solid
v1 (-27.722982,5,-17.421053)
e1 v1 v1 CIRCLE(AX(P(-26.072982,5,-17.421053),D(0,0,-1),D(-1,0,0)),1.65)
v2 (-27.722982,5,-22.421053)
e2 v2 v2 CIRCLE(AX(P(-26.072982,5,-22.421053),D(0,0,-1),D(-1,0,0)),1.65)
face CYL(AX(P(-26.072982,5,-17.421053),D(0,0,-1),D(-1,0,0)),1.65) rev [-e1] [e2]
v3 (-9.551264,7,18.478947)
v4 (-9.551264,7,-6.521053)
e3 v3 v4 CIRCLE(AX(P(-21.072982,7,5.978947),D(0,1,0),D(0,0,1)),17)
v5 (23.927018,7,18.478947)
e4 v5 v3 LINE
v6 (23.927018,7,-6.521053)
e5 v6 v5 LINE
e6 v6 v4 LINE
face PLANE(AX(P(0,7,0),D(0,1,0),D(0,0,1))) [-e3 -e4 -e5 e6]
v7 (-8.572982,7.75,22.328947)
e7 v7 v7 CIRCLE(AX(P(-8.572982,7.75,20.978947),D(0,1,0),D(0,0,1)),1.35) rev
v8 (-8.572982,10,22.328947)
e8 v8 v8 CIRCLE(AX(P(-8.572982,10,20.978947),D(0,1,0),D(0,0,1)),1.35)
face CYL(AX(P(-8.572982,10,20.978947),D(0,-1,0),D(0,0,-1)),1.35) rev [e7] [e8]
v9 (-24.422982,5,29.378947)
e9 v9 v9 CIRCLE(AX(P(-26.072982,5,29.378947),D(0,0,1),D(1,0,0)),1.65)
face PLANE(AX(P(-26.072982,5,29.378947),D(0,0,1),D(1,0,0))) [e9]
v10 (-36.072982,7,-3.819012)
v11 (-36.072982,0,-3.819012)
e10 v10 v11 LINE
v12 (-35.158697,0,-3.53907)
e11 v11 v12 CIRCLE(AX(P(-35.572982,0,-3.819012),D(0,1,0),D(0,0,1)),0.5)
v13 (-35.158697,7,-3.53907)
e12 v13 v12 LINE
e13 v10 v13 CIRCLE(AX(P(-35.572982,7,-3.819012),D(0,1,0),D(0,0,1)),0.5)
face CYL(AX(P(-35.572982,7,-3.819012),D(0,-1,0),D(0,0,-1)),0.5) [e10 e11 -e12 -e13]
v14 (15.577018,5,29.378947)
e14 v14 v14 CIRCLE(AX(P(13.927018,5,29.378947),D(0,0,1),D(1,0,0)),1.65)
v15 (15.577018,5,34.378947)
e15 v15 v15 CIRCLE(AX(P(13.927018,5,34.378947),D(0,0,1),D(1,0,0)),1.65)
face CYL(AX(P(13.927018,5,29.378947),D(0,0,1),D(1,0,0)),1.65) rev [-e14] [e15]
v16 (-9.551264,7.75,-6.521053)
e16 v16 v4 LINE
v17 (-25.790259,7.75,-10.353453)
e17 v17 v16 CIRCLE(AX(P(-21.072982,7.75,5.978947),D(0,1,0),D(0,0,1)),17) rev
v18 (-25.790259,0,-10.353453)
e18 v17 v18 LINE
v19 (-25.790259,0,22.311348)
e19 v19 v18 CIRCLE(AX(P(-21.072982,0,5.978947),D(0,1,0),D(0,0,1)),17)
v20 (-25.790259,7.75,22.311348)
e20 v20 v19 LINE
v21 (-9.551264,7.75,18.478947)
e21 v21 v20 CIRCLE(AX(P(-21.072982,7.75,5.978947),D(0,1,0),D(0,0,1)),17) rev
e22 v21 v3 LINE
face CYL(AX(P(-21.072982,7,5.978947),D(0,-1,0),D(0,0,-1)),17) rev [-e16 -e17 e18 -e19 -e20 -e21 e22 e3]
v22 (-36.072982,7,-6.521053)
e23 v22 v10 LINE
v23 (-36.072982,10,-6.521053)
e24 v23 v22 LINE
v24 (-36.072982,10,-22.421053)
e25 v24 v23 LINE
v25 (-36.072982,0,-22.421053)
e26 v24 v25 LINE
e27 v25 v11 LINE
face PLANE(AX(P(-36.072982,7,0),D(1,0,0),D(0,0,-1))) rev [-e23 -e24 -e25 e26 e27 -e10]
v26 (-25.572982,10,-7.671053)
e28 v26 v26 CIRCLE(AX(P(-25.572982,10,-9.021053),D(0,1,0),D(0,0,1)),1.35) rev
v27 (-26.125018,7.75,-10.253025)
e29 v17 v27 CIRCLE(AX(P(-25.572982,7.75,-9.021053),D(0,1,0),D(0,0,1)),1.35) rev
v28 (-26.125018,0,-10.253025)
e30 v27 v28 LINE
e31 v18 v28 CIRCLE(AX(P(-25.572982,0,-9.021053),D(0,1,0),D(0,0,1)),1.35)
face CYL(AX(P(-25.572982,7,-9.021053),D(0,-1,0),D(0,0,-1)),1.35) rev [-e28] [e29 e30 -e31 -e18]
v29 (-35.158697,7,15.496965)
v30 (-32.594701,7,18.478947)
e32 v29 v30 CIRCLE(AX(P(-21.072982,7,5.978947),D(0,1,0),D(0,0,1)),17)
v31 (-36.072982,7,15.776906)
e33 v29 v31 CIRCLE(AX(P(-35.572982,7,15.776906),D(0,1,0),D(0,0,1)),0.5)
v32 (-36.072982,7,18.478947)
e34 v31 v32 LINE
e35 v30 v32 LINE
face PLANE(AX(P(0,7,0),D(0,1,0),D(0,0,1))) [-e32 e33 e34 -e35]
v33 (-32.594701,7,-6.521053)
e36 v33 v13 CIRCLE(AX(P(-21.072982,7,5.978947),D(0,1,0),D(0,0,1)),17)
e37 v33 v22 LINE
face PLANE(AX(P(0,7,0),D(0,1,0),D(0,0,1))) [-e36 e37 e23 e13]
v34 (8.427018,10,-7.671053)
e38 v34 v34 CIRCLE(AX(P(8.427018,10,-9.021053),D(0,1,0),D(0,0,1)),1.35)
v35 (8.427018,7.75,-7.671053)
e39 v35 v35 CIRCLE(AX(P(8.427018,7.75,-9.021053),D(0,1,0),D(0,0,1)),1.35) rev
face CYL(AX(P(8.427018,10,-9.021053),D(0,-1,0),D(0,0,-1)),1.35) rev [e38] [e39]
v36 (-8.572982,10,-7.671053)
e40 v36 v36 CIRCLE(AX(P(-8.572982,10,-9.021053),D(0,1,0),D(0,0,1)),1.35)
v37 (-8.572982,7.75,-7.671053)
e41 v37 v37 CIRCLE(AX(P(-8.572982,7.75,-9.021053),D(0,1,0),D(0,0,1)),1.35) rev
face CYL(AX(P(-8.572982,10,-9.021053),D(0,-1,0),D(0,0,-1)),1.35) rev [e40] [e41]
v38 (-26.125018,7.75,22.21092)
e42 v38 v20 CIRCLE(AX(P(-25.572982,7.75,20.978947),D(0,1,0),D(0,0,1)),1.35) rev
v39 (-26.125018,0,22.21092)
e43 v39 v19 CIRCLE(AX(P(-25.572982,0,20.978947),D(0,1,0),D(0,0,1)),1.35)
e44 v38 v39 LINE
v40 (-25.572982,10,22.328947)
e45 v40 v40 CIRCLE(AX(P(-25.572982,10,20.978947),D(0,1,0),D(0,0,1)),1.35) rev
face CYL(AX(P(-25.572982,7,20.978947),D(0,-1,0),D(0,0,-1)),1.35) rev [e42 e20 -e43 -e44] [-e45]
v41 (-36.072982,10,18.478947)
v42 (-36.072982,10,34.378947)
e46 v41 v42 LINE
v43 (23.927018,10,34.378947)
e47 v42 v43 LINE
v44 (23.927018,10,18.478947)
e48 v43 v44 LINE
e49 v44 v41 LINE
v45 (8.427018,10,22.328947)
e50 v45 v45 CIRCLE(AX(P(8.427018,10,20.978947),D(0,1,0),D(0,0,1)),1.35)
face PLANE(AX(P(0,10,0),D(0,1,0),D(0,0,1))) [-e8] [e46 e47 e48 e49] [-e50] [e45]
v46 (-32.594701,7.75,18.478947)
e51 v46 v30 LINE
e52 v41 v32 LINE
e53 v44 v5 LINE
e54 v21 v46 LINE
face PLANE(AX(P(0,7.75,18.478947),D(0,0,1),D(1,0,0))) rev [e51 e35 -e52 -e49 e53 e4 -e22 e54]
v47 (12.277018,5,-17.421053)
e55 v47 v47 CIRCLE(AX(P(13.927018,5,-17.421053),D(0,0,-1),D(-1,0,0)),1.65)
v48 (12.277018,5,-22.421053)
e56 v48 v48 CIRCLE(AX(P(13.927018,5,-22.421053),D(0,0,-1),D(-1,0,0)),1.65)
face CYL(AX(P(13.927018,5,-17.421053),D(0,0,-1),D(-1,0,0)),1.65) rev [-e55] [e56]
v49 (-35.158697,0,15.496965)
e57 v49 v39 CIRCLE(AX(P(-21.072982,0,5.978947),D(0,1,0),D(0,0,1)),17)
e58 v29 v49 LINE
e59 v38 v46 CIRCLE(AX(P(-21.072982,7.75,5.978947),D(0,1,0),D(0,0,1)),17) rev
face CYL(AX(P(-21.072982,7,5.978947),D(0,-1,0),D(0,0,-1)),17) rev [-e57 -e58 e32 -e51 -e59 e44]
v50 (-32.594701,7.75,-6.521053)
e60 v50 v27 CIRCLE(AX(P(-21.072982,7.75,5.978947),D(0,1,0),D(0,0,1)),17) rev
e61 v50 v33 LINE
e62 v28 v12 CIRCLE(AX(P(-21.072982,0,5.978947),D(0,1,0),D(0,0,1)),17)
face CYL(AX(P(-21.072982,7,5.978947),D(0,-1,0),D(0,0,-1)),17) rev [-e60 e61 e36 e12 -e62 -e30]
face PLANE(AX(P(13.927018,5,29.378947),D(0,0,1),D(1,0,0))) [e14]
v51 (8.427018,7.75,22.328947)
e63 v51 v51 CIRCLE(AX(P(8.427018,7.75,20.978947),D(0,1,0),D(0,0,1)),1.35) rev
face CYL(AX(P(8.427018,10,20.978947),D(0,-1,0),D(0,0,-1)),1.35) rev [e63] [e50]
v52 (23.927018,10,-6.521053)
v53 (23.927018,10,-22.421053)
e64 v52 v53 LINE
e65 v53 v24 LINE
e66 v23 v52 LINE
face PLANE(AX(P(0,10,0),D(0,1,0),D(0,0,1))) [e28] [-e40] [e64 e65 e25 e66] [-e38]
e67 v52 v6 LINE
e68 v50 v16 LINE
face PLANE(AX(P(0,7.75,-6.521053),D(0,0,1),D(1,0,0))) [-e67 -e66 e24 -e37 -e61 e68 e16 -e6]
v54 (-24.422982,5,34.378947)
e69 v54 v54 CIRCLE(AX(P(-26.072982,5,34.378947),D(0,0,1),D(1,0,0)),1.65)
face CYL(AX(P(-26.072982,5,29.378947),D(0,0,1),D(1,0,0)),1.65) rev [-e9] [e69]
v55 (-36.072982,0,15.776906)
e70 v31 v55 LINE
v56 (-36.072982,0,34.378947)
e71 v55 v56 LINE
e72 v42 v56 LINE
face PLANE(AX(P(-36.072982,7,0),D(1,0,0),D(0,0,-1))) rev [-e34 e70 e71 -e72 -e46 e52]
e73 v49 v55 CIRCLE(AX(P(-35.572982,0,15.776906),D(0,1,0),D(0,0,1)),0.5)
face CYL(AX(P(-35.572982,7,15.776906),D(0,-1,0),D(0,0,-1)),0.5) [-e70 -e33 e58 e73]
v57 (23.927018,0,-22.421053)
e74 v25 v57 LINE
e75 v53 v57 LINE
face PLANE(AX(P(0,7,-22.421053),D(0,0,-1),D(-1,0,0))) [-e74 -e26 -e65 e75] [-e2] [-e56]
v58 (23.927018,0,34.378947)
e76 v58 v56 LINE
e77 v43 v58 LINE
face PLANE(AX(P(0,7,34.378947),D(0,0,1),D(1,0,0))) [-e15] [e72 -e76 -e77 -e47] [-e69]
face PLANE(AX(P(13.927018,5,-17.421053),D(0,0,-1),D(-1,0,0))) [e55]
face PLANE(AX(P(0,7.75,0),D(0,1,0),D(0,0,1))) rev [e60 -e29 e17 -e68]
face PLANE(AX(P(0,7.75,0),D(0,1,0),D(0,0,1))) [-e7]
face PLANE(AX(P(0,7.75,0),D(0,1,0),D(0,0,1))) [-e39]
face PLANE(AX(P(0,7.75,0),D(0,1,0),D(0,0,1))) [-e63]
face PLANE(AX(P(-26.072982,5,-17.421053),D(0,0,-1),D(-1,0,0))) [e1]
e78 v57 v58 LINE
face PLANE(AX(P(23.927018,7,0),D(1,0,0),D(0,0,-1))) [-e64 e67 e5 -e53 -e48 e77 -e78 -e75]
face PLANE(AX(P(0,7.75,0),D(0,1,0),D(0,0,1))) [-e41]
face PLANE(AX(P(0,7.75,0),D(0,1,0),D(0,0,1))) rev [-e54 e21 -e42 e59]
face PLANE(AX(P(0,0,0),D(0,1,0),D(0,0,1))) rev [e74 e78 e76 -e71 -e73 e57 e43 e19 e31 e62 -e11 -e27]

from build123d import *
from build123d.topology import SkipClean

# Parameters (mm, degrees)
EXTRUDE_3_DEPTH     = 7
EXTRUDE_4_DEPTH     = 0.75
EXTRUDE_5_DEPTH     = 0.75
SKETCH_6_W          = 60
SKETCH_6_H          = 15.9
SKETCH_6_R          = 1.35
EXTRUDE_6_DEPTH     = 2.25
SKETCH_7_W          = 60
SKETCH_7_H          = 15.9
SKETCH_7_R          = 1.35
EXTRUDE_7_DEPTH     = 2.25
SKETCH_8_R          = 1.65
CUT_EXTRUDE_1_DEPTH = 5
CUT_EXTRUDE_START   = -5
SKETCH_9_R          = 1.65
CUT_EXTRUDE_2_DEPTH = 5


with BuildPart() as part:
    # 草图1 → 凸台-拉伸3 (new body)
    with BuildSketch(Plane(origin=(0, 0, 0), x_dir=(1, 0, 0), z_dir=(0, 1, 0))):
        with BuildLine():
            Line((-36.072982456, 22.421052632), (-36.072982456, 3.819011603))
            ThreePointArc((-36.072982456, 3.819011603), (-35.719367467, 3.340920159), (-35.158696742, 3.539069918))
            ThreePointArc((-35.158696742, 3.539069918), (-31.213626847, 7.665367614), (-26.125018269, 10.253025221))
            ThreePointArc((-26.125018269, 10.253025221), (-25.960902102, 10.314118117), (-25.79025857, 10.353453131))
            ThreePointArc((-25.79025857, 10.353453131), (-19.301572904, 10.928509809), (-13.072982456, 9.021052632))
            ThreePointArc((-13.072982456, 9.021052632), (-5.321033393, -12.372389376), (-25.79025857, -22.311347868))
            ThreePointArc((-25.79025857, -22.311347868), (-25.960902102, -22.272012853), (-26.125018269, -22.210919958))
            ThreePointArc((-26.125018269, -22.210919958), (-31.213626847, -19.623262351), (-35.158696742, -15.496964655))
            ThreePointArc((-35.158696742, -15.496964655), (-35.719367467, -15.298814896), (-36.072982456, -15.77690634))
            Line((-36.072982456, -15.77690634), (-36.072982456, -34.378947368))
            Line((-36.072982456, -34.378947368), (23.927017544, -34.378947368))
            Line((23.927017544, -34.378947368), (23.927017544, 22.421052632))
            Line((23.927017544, 22.421052632), (-36.072982456, 22.421052632))
        make_face()
    extrude(amount=EXTRUDE_3_DEPTH)

    # 草图5 → 凸台-拉伸4 (add)
    with BuildSketch(Plane(origin=(0, 7, 0), x_dir=(1, 0, 0), z_dir=(0, 1, 0))):
        with BuildLine():
            Line((-36.072982456, -34.378947368), (23.927017544, -34.378947368))
            Line((23.927017544, -34.378947368), (23.927017544, -18.478947368))
            Line((23.927017544, -18.478947368), (-9.551263834, -18.478947368))
            ThreePointArc((-9.551263834, -18.478947368), (-17.168250345, -22.524432165), (-25.79025857, -22.311347868))
            ThreePointArc((-25.79025857, -22.311347868), (-25.960902102, -22.272012853), (-26.125018269, -22.210919958))
            ThreePointArc((-26.125018269, -22.210919958), (-29.567347581, -20.704631092), (-32.594701078, -18.478947368))
            Line((-32.594701078, -18.478947368), (-36.072982456, -18.478947368))
            Line((-36.072982456, -18.478947368), (-36.072982456, -34.378947368))
        make_face()
    extrude(amount=EXTRUDE_4_DEPTH)

    # 草图5<3> → 凸台-拉伸5 (add)
    with BuildSketch(Plane(origin=(0, 7, 0), x_dir=(1, 0, 0), z_dir=(0, 1, 0))):
        with BuildLine():
            Line((-9.551263834, 6.521052632), (23.927017544, 6.521052632))
            Line((23.927017544, 6.521052632), (23.927017544, 22.421052632))
            Line((23.927017544, 22.421052632), (-36.072982456, 22.421052632))
            Line((-36.072982456, 22.421052632), (-36.072982456, 6.521052632))
            Line((-36.072982456, 6.521052632), (-32.594701078, 6.521052632))
            ThreePointArc((-32.594701078, 6.521052632), (-29.567347581, 8.746736355), (-26.125018269, 10.253025221))
            ThreePointArc((-26.125018269, 10.253025221), (-25.960902102, 10.314118117), (-25.79025857, 10.353453131))
            ThreePointArc((-25.79025857, 10.353453131), (-17.168250345, 10.566537428), (-9.551263834, 6.521052632))
        make_face()
    extrude(amount=EXTRUDE_5_DEPTH)

    # 草图6 → 凸台-拉伸6 (add)
    with SkipClean():  # the faces are left unmerged after this step: merging them gives an invalid solid
        with BuildSketch(Plane(origin=(0, 7.75, 0), x_dir=(1, 0, 0), z_dir=(0, 1, 0))):
            with Locations((-6.072982456, -26.428947368)):
                Rectangle(SKETCH_6_W, SKETCH_6_H)
            with Locations((-25.572982456, -20.978947368)):
                Circle(SKETCH_6_R, mode=Mode.SUBTRACT)
            with Locations((-8.572982456, -20.978947368)):
                Circle(SKETCH_6_R, mode=Mode.SUBTRACT)
            with Locations((8.427017544, -20.978947368)):
                Circle(SKETCH_6_R, mode=Mode.SUBTRACT)
        extrude(amount=EXTRUDE_6_DEPTH)

    # 草图7 → 凸台-拉伸7 (add)
    with SkipClean():  # the faces are left unmerged after this step: merging them gives an invalid solid
        with BuildSketch(Plane(origin=(0, 7.75, 0), x_dir=(1, 0, 0), z_dir=(0, 1, 0))):
            with Locations((-6.072982456, 14.471052632)):
                Rectangle(SKETCH_7_W, SKETCH_7_H)
            with Locations((8.427017544, 9.021052632)):
                Circle(SKETCH_7_R, mode=Mode.SUBTRACT)
            with Locations((-8.572982456, 9.021052632)):
                Circle(SKETCH_7_R, mode=Mode.SUBTRACT)
            with Locations((-25.572982456, 9.021052632)):
                Circle(SKETCH_7_R, mode=Mode.SUBTRACT)
        extrude(amount=EXTRUDE_7_DEPTH)

    # 草图8 → 切除-拉伸1 (cut)
    with SkipClean():  # the faces are left unmerged after this step: merging them gives an invalid solid
        with BuildSketch(Plane.XY.offset(34.378947368)):
            with Locations((-26.072982456, 5)):
                Circle(SKETCH_8_R)
            with Locations((13.927017544, 5)):
                Circle(SKETCH_8_R)
        extrude(amount=-CUT_EXTRUDE_1_DEPTH, mode=Mode.SUBTRACT)

    # 草图9 → 切除-拉伸2 (cut)
    with SkipClean():  # the faces are left unmerged after this step: merging them gives an invalid solid
        with BuildSketch(Plane(origin=(0, 0, -22.421052632), x_dir=(-1, 0, 0), z_dir=(0, 0, -1)).offset(CUT_EXTRUDE_START)):
            with Locations((26.072982456, 5)):
                Circle(SKETCH_9_R)
            with Locations((-13.927017544, 5)):
                Circle(SKETCH_9_R)
        extrude(amount=CUT_EXTRUDE_2_DEPTH, mode=Mode.SUBTRACT)


solid = part.part
